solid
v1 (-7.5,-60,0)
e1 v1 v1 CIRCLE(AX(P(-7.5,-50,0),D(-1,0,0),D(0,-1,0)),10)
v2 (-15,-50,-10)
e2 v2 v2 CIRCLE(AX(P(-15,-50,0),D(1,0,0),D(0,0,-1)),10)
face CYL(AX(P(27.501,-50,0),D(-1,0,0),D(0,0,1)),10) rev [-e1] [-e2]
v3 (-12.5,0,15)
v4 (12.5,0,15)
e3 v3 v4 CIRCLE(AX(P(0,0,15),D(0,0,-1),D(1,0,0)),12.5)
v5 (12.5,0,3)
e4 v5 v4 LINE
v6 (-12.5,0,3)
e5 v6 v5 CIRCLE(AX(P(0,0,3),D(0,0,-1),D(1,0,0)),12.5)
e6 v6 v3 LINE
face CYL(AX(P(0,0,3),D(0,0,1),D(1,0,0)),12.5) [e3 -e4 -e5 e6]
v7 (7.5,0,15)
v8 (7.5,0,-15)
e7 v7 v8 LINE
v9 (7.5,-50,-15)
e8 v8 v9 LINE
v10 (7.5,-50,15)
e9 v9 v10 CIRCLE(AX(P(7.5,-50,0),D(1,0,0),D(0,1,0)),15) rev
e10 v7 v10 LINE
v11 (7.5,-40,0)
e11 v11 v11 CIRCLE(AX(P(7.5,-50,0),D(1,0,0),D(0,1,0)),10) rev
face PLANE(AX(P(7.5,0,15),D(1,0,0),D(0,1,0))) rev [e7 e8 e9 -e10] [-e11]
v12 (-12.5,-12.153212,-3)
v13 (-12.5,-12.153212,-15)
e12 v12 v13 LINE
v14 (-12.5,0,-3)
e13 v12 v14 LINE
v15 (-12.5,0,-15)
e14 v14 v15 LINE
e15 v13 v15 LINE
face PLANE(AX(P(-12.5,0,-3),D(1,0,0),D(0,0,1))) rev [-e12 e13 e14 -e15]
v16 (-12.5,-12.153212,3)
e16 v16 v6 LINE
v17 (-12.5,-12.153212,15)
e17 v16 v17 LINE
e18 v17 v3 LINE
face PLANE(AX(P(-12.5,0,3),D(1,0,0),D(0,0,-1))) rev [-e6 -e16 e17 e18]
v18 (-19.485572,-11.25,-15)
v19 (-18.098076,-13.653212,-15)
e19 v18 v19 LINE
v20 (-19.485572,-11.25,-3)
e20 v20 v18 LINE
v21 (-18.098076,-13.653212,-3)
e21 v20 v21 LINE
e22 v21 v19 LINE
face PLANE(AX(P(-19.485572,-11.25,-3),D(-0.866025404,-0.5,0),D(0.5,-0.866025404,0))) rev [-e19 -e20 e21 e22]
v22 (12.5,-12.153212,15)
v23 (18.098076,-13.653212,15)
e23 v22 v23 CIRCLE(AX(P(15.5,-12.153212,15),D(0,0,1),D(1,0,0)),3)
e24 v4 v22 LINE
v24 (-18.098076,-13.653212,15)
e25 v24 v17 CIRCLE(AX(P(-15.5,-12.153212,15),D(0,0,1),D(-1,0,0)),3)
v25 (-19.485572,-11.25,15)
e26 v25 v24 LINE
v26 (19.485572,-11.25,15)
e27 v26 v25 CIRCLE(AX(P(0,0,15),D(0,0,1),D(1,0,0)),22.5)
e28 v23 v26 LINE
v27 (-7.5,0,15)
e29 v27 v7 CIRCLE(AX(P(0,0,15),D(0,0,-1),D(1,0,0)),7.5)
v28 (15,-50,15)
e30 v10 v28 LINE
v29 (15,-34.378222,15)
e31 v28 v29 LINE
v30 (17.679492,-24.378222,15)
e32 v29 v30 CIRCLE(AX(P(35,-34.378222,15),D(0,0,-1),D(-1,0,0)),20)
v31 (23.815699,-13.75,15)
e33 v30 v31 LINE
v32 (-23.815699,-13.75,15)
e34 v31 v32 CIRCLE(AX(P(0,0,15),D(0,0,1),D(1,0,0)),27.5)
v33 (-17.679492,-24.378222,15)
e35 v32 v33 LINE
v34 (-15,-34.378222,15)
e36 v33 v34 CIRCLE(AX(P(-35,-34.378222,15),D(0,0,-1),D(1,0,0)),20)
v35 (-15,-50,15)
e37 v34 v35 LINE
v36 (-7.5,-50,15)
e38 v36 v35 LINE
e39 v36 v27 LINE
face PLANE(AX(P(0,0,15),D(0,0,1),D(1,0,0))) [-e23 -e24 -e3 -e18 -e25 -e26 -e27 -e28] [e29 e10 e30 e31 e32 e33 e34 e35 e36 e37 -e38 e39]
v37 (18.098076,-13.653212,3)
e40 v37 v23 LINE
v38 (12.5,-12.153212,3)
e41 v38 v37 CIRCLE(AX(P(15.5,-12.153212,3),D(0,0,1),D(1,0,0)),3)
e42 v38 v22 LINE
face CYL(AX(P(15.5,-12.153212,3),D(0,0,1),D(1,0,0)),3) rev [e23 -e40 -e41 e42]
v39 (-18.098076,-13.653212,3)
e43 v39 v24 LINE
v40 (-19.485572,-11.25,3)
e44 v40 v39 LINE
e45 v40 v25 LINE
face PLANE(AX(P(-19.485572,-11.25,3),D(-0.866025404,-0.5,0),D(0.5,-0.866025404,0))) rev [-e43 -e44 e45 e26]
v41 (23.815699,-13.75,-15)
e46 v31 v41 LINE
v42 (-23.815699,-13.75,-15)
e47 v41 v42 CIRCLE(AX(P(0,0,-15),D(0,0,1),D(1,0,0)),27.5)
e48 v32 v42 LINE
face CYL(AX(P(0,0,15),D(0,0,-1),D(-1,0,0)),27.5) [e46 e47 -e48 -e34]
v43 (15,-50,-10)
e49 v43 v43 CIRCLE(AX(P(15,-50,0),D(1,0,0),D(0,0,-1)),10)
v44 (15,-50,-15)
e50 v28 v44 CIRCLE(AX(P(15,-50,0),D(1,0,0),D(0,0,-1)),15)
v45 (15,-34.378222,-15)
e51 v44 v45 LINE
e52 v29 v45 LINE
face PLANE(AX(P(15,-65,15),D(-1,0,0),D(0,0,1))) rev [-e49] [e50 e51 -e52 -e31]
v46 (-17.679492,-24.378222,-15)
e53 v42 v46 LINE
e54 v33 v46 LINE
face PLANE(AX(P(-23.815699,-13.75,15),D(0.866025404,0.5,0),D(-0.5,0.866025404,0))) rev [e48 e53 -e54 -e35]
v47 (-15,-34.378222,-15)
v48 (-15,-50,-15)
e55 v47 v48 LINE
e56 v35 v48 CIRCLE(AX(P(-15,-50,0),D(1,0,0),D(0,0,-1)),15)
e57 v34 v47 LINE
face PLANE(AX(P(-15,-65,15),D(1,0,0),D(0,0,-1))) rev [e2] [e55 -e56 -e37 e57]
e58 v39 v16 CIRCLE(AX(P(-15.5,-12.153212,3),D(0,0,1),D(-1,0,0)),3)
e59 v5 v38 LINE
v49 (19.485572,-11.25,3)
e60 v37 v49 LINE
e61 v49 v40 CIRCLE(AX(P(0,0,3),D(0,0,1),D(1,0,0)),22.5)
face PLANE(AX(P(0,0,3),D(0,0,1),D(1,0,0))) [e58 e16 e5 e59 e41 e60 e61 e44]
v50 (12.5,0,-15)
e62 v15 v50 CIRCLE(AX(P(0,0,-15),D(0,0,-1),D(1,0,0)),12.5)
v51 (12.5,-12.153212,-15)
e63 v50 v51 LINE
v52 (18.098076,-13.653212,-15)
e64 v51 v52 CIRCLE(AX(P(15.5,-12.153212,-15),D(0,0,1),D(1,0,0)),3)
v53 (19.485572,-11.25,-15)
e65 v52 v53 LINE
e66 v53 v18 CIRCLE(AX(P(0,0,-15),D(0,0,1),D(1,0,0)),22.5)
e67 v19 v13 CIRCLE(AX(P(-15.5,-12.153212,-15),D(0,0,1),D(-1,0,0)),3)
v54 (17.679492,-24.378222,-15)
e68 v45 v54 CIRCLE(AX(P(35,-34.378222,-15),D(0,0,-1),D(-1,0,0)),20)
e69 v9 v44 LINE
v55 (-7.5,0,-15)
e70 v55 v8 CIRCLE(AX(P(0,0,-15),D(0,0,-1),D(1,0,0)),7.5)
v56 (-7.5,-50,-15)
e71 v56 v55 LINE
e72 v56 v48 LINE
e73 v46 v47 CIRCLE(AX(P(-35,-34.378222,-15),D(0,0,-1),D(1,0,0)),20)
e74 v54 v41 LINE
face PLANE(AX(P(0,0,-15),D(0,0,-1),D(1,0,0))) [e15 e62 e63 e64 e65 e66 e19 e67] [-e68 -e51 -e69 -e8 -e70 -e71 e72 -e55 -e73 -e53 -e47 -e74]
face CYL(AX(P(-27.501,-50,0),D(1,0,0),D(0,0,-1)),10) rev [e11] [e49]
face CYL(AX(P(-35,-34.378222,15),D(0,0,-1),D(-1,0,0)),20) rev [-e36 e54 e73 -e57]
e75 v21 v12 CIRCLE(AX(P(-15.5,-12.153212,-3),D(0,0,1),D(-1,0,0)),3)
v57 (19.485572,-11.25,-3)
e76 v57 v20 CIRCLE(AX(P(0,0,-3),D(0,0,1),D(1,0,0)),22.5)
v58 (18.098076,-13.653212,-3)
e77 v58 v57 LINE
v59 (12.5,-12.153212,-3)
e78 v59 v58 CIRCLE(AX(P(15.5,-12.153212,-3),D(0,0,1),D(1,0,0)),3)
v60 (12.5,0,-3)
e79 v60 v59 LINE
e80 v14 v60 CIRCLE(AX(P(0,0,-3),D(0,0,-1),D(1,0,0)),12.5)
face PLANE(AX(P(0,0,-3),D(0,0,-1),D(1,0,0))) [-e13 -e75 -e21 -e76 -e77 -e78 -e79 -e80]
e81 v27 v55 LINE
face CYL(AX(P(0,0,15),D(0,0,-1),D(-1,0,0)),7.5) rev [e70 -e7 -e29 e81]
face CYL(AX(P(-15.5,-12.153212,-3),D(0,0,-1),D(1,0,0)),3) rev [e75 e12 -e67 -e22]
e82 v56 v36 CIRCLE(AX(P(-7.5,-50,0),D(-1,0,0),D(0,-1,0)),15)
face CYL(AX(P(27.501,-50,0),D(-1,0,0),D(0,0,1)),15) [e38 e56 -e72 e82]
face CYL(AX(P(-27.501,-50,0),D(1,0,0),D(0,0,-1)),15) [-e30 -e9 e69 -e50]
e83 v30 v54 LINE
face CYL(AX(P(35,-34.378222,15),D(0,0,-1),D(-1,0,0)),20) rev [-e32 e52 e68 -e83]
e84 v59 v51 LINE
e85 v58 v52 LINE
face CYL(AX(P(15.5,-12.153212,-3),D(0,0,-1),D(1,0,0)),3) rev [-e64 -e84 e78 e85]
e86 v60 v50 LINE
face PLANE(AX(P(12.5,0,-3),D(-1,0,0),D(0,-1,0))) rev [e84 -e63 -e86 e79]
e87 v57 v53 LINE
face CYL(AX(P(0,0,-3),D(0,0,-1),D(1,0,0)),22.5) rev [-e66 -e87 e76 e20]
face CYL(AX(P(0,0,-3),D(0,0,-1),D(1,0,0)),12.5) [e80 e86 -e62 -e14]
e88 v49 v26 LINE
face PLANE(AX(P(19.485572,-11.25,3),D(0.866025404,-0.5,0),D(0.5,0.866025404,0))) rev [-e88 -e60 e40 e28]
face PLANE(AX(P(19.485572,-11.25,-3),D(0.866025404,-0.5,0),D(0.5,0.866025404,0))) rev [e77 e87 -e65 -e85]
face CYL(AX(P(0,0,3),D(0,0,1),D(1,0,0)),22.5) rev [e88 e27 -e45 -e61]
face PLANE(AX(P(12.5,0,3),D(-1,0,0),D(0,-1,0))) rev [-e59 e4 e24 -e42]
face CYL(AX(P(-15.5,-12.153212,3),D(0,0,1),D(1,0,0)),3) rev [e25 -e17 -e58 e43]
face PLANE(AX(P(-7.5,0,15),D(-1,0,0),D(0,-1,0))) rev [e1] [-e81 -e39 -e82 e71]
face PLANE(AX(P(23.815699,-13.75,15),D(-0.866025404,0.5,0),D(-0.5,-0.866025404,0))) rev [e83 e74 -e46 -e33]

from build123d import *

# Parameters (mm, degrees)
BOSS_EXTRUDE1_DEPTH = 15
CUT_EXTRUDE1_DEPTH  = 12
CUT_EXTRUDE2_REACH  = 81.096
SKETCH3_R           = 10


with BuildPart() as part:
    # Sketch1 → Boss-Extrude1 (new body)
    with BuildSketch(Plane.XY):
        with BuildLine():
            Line((-7.5, 0), (-7.5, -65))
            Line((-7.5, -65), (-15, -65))
            Line((-15, -65), (-15, -42.295968202))
            Line((-15, -42.295968202), (-15, -34.378221735))
            ThreePointArc((-15, -34.378221735), (-15.681483474, -29.201840833), (-17.679491924, -24.378221735))
            Line((-17.679491924, -24.378221735), (-23.815698604, -13.75))
            ThreePointArc((-23.815698604, -13.75), (0, 27.5), (23.815698604, -13.75))
            Line((23.815698604, -13.75), (17.679491924, -24.378221735))
            ThreePointArc((17.679491924, -24.378221735), (15.681483474, -29.201840833), (15, -34.378221735))
            Line((15, -34.378221735), (15, -65))
            Line((15, -65), (7.5, -65))
            Line((7.5, -65), (7.5, 0))
            ThreePointArc((7.5, 0), (0, 7.5), (-7.5, 0))
        make_face()
    extrude(amount=BOSS_EXTRUDE1_DEPTH)

    # Sketch2 → Cut-Extrude1 (cut)
    with BuildSketch(Plane.XY.offset(15)):
        with BuildLine():
            Line((-12.5, 0), (-12.5, -12.153212483))
            ThreePointArc((-12.5, -12.153212483), (-14.723542865, -15.050989962), (-18.098076211, -13.653212483))
            Line((-18.098076211, -13.653212483), (-19.485571585, -11.25))
            ThreePointArc((-19.485571585, -11.25), (0, 22.5), (19.485571585, -11.25))
            Line((19.485571585, -11.25), (18.098076211, -13.653212483))
            ThreePointArc((18.098076211, -13.653212483), (14.723542865, -15.050989962), (12.5, -12.153212483))
            Line((12.5, -12.153212483), (12.5, 0))
            ThreePointArc((12.5, 0), (0, 12.5), (-12.5, 0))
        make_face()
    extrude(amount=-CUT_EXTRUDE1_DEPTH, mode=Mode.SUBTRACT)

    # Mirror1: part across plane


with BuildPart() as part_1:
    add(part.part)
    add(part.part.mirror(Plane.XY))

    # Sketch3 → Cut-Extrude2 (cut, up to next)
    with BuildSketch(Plane(origin=(15, 0, 0), x_dir=(0, 0, -1), z_dir=(1, 0, 0)), mode=Mode.PRIVATE) as cut_extrude2_sk1:
        with BuildLine():
            Line((15, -65), (15, -50))
            ThreePointArc((15, -50), (10.606601718, -60.606601718), (0, -65))
            Line((0, -65), (15, -65))
        make_face()
    cut_extrude2_tool1 = extrude(cut_extrude2_sk1.sketch, amount=-CUT_EXTRUDE2_REACH, mode=Mode.PRIVATE) & part_1.part
    # Sketch3 → Cut-Extrude2 (cut, up to next)
    with BuildSketch(Plane(origin=(15, 0, 0), x_dir=(0, 0, -1), z_dir=(1, 0, 0)), mode=Mode.PRIVATE) as cut_extrude2_sk2:
        with BuildLine():
            ThreePointArc((0, -65), (-10.606601718, -60.606601718), (-15, -50))
            Line((-15, -50), (-15, -65))
            Line((-15, -65), (0, -65))
        make_face()
    cut_extrude2_tool2 = extrude(cut_extrude2_sk2.sketch, amount=-CUT_EXTRUDE2_REACH, mode=Mode.PRIVATE) & part_1.part
    # Sketch3 → Cut-Extrude2 (cut, up to next)
    with BuildSketch(Plane(origin=(15, 0, 0), x_dir=(0, 0, -1), z_dir=(1, 0, 0)), mode=Mode.PRIVATE) as cut_extrude2_sk3:
        with Locations((0, -50)):
            Circle(SKETCH3_R)
    cut_extrude2_tool3 = extrude(cut_extrude2_sk3.sketch, amount=-CUT_EXTRUDE2_REACH, mode=Mode.PRIVATE) & part_1.part
    cut_extrude2_1 = cut_extrude2_tool1.solids().sort_by_distance((15, -61.649481, -11.649481))[0]
    add(cut_extrude2_1, mode=Mode.SUBTRACT)
    cut_extrude2_2 = cut_extrude2_tool2.solids().sort_by_distance((15, -61.649481, 11.649481))[0]
    add(cut_extrude2_2, mode=Mode.SUBTRACT)
    cut_extrude2_3 = cut_extrude2_tool3.solids().sort_by_distance((15, -50, 0))[0]
    add(cut_extrude2_3, mode=Mode.SUBTRACT)
    cut_extrude2 = cut_extrude2_1 + cut_extrude2_2 + cut_extrude2_3  # Cut-Extrude2 as one shape, for the pattern or mirror that repeats it

    # Mirror2: Cut-Extrude2 across plane
    add(cut_extrude2.mirror(Plane(origin=(0, 0, 0), x_dir=(0, 0, 1), z_dir=(1, 0, 0))), mode=Mode.SUBTRACT)


solid = part_1.part
